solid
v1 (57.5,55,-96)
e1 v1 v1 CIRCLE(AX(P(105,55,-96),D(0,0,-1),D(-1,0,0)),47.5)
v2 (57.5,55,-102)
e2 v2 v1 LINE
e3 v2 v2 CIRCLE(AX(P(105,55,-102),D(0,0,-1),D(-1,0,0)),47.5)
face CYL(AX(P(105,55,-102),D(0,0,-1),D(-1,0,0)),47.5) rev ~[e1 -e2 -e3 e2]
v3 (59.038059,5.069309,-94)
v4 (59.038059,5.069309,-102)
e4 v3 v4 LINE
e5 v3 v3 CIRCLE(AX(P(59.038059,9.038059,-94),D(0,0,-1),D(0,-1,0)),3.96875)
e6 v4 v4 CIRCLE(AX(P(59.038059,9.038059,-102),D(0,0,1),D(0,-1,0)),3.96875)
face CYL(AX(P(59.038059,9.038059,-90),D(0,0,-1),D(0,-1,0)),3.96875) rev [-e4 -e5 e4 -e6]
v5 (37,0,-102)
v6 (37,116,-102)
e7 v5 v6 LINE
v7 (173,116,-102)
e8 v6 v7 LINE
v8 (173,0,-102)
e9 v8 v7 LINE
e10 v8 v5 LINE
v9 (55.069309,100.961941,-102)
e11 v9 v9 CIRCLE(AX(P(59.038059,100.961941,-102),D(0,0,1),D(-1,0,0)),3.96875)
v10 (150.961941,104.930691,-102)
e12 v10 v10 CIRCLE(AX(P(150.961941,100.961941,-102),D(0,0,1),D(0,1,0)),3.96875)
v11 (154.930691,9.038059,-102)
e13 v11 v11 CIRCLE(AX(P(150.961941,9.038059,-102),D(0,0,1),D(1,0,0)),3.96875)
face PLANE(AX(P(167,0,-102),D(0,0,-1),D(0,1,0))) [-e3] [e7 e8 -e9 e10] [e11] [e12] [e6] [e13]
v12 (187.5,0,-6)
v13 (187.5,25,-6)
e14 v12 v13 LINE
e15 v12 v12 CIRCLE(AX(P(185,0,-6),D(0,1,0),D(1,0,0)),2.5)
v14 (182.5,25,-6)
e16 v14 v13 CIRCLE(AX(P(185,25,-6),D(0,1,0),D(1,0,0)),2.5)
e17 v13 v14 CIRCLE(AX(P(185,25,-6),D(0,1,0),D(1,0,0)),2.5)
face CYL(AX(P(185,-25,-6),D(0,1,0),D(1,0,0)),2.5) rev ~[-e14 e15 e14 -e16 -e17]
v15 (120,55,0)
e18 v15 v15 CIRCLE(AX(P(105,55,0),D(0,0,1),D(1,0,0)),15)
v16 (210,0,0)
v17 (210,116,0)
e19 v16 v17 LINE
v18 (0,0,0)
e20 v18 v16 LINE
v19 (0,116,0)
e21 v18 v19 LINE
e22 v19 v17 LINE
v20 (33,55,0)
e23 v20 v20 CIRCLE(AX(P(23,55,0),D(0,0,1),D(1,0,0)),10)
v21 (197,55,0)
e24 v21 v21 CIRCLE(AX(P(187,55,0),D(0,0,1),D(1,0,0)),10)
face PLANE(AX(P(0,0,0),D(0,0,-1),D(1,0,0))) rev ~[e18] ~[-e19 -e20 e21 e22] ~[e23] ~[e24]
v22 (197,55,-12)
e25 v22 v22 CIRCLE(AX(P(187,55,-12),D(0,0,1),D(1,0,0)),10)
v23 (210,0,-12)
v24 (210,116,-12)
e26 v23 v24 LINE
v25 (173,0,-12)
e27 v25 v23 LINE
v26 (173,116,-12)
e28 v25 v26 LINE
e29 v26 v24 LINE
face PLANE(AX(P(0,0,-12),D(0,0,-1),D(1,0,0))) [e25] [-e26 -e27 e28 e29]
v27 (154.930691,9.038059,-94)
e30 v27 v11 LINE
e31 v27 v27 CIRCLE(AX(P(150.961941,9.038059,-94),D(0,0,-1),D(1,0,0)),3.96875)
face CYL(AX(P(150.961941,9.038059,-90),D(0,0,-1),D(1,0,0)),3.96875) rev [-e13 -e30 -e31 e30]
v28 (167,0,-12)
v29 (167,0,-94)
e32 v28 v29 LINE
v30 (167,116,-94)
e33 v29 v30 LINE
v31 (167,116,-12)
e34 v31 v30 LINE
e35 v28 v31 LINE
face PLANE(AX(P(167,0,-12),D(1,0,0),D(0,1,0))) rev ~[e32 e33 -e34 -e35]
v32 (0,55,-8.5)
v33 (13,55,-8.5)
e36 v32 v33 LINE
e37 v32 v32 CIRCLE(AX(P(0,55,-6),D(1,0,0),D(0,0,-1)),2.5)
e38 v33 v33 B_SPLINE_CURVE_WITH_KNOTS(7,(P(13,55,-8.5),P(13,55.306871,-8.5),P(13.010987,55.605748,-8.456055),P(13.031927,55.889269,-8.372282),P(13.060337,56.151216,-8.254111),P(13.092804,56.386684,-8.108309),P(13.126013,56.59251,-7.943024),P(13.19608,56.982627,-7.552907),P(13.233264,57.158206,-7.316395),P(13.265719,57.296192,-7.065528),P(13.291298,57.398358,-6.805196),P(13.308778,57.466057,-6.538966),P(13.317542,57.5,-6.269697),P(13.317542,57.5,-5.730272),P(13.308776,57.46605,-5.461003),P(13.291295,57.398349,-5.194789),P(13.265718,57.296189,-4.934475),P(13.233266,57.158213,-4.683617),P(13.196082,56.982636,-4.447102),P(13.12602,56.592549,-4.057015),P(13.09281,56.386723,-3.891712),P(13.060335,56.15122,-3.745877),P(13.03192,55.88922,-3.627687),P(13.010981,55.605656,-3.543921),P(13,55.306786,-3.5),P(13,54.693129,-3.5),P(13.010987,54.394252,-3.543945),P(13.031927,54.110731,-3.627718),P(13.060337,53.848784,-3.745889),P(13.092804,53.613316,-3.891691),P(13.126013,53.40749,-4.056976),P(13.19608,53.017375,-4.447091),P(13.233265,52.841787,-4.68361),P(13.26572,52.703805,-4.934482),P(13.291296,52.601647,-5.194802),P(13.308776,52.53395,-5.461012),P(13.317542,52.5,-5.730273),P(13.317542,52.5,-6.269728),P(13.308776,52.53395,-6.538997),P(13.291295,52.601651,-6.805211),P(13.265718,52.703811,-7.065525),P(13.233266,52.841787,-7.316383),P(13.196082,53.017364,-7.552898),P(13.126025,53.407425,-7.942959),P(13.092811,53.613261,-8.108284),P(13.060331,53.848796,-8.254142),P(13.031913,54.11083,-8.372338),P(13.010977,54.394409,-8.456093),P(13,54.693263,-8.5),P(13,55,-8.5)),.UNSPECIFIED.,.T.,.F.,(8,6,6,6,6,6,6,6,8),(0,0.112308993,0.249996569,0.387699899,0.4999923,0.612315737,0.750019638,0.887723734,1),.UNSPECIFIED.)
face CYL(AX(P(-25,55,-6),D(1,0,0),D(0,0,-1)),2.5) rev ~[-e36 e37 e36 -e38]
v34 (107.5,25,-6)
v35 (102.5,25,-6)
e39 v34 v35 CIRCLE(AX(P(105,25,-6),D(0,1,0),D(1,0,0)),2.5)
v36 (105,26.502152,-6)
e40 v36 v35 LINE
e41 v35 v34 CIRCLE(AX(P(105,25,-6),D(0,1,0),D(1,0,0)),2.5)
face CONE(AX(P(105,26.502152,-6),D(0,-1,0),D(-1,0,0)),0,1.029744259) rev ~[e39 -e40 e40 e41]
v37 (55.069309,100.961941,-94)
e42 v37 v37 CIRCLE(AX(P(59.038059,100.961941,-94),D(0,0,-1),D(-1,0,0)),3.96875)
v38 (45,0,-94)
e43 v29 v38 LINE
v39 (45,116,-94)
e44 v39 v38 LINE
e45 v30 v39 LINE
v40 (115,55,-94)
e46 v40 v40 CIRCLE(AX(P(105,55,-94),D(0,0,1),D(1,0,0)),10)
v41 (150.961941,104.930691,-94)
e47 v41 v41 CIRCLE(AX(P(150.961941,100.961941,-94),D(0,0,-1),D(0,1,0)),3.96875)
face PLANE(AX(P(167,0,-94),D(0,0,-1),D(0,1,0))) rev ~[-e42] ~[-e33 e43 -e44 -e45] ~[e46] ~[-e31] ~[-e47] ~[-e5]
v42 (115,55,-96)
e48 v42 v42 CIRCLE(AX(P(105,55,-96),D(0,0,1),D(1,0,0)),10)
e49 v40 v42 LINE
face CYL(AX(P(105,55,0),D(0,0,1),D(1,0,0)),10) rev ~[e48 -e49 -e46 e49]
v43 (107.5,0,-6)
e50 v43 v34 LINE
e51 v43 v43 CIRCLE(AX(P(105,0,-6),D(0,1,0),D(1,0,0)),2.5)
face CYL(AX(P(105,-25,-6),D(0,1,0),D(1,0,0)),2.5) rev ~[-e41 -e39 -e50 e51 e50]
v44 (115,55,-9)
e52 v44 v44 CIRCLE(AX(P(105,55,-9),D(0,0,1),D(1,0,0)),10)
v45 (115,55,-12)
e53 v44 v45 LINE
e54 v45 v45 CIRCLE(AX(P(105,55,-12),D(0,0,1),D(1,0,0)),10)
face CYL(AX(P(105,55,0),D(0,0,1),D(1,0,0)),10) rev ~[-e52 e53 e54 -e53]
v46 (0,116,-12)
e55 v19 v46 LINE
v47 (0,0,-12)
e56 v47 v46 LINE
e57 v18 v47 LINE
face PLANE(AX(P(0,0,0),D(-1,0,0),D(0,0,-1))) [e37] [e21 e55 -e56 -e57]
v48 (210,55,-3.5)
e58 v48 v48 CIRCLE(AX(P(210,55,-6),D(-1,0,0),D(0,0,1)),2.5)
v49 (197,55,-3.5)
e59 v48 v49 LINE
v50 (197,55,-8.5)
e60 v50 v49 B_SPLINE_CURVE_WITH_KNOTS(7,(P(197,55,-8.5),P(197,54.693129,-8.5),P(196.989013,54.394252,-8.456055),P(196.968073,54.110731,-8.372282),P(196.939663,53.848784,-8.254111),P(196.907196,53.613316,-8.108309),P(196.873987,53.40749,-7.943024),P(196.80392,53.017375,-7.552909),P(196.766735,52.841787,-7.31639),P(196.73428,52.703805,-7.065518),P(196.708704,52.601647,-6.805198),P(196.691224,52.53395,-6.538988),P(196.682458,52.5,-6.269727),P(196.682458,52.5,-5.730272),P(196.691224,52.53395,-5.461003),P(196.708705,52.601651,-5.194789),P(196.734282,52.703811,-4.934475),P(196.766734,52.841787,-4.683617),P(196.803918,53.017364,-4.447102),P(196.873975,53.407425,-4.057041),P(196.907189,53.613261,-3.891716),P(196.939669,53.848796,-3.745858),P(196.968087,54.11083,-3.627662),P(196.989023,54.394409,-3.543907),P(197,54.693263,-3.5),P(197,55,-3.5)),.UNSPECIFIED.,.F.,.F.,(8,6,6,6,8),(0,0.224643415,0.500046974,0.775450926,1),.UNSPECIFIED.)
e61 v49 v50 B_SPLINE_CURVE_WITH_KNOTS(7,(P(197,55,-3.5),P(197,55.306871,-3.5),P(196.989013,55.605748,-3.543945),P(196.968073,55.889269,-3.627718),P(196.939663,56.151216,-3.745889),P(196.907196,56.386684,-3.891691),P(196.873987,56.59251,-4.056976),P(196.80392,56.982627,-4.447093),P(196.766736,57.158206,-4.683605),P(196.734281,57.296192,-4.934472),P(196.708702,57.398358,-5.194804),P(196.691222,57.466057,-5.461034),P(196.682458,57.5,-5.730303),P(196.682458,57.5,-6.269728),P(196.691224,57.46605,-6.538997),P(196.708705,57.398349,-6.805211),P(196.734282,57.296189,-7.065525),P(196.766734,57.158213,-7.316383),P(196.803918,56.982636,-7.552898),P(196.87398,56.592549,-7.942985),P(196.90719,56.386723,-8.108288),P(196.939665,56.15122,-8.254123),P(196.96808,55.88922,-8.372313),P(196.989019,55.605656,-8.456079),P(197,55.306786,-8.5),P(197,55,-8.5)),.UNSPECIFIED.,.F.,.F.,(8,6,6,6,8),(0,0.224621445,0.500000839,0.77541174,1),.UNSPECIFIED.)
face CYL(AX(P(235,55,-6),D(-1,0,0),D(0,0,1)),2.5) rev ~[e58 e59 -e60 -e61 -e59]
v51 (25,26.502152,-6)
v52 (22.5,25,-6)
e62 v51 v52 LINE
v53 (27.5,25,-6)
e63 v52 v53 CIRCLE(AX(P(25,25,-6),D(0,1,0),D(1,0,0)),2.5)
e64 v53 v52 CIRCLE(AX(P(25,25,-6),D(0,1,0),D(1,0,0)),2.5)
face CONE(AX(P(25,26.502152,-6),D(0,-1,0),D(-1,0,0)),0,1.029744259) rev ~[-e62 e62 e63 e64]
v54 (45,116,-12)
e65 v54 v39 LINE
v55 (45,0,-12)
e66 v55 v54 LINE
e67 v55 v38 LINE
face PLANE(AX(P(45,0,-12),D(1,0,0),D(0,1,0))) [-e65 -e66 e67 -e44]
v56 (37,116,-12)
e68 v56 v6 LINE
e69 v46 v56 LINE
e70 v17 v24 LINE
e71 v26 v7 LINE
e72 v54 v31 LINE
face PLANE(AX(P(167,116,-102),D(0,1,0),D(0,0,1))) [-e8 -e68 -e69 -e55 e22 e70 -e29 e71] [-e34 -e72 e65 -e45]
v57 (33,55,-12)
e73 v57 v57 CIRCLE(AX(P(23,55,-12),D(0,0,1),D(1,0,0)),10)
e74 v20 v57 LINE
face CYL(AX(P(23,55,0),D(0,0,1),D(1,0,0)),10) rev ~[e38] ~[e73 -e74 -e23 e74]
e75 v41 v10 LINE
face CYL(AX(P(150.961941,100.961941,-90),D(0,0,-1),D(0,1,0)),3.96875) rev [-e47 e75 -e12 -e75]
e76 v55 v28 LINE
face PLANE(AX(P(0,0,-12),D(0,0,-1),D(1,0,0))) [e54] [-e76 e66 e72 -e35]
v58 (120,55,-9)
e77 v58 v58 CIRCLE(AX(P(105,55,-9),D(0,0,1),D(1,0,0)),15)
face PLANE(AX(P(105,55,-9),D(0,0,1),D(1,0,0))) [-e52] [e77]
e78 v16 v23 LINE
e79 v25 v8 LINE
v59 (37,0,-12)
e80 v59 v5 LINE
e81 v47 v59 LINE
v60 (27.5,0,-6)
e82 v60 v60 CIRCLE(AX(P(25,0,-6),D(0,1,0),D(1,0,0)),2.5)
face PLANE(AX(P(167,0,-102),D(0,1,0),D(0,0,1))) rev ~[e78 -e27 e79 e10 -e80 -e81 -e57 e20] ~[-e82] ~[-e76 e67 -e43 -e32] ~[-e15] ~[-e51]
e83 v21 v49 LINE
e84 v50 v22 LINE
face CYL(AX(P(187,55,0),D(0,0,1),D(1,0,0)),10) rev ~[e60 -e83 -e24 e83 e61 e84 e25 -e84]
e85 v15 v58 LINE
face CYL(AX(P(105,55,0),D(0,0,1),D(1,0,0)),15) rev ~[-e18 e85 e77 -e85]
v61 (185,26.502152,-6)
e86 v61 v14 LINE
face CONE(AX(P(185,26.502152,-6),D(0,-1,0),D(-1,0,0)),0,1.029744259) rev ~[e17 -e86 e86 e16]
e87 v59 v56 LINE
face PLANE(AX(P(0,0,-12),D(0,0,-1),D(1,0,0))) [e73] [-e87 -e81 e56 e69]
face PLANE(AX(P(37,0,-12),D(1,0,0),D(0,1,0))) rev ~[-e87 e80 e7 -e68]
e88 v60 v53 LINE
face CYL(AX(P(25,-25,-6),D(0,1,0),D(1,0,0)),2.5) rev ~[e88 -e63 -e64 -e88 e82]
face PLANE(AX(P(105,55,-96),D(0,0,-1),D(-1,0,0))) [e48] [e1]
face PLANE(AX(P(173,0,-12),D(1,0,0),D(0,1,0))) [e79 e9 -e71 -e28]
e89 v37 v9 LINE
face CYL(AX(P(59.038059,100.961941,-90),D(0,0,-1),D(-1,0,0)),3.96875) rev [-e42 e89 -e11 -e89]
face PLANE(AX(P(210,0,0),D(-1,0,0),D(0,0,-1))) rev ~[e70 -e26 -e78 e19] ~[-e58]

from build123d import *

# Parameters (mm, degrees)
SKETCH1_W                 = 210
SKETCH1_H                 = 12
BOSS_EXTRUDE1_DEPTH       = 116
SKETCH2_R                 = 10
CUT_EXTRUDE1_DEPTH        = 241.208242989
F_5_0MM_DOWEL_HOLE1_D     = 5
F_5_0MM_DOWEL_HOLE1_DEPTH = 25
F_5_0MM_DOWEL_HOLE1_TIP   = 1.502151548
F_5_0MM_DOWEL_HOLE2_D     = 5
F_5_0MM_DOWEL_HOLE2_DEPTH = 25
F_5_0MM_DOWEL_HOLE2_TIP   = 1.502151548
F_5_0MM_DOWEL_HOLE3_D     = 5
F_5_0MM_DOWEL_HOLE3_DEPTH = 25
F_5_0MM_DOWEL_HOLE3_TIP   = 1.502151548
SKETCH11_W                = 8
SKETCH11_H                = 116
SKETCH11_W_2              = 6
BOSS_EXTRUDE2_DEPTH       = 90
BOSS_EXTRUDE4_REACH       = 229.484
SKETCH12_W                = 8
SKETCH12_H                = 116
SKETCH7_R                 = 10
CUT_EXTRUDE3_DEPTH        = 261.691388508
SKETCH13_R                = 47.5
CUT_EXTRUDE4_DEPTH        = 6
CIRPATTERN1_COUNT         = 4
SKETCH16_R                = 15
CUT_EXTRUDE5_DEPTH        = 9


with BuildPart() as part:
    # Sketch1 → Boss-Extrude1 (new body)
    with BuildSketch(Plane(origin=(0, 0, 0), x_dir=(1, 0, 0), z_dir=(0, 1, 0))):
        with Locations((105, 6)):
            Rectangle(SKETCH1_W, SKETCH1_H)
    extrude(amount=BOSS_EXTRUDE1_DEPTH)

    # Sketch2 → Cut-Extrude1 (cut, through all)
    with BuildSketch(Plane.XY):
        with Locations((23, 55)):
            Circle(SKETCH2_R)
        with Locations((187, 55)):
            Circle(SKETCH2_R)
    extrude(amount=-CUT_EXTRUDE1_DEPTH, mode=Mode.SUBTRACT)

    # Ø5.0mm Dowel Hole1
    with Locations(Plane.ZY):
        with Locations((-6, 55)):
            Hole(F_5_0MM_DOWEL_HOLE1_D / 2, depth=F_5_0MM_DOWEL_HOLE1_DEPTH)
            with Locations((0, 0, -(F_5_0MM_DOWEL_HOLE1_DEPTH + F_5_0MM_DOWEL_HOLE1_TIP / 2))):  # 118° drill point
                Cone(0, F_5_0MM_DOWEL_HOLE1_D / 2, F_5_0MM_DOWEL_HOLE1_TIP, mode=Mode.SUBTRACT)

    # Ø5.0mm Dowel Hole2
    with Locations(Plane(origin=(210, 0, 0), x_dir=(0, 0, -1), z_dir=(1, 0, 0))):
        with Locations((6, 55)):
            Hole(F_5_0MM_DOWEL_HOLE2_D / 2, depth=F_5_0MM_DOWEL_HOLE2_DEPTH)
            with Locations((0, 0, -(F_5_0MM_DOWEL_HOLE2_DEPTH + F_5_0MM_DOWEL_HOLE2_TIP / 2))):  # 118° drill point
                Cone(0, F_5_0MM_DOWEL_HOLE2_D / 2, F_5_0MM_DOWEL_HOLE2_TIP, mode=Mode.SUBTRACT)

    # Ø5.0mm Dowel Hole3
    with Locations(Plane(origin=(0, 0, 0), x_dir=(-1, 0, 0), z_dir=(0, -1, 0))):
        with Locations((-25, 6), (-105, 6), (-185, 6)):
            Hole(F_5_0MM_DOWEL_HOLE3_D / 2, depth=F_5_0MM_DOWEL_HOLE3_DEPTH)
            with Locations((0, 0, -(F_5_0MM_DOWEL_HOLE3_DEPTH + F_5_0MM_DOWEL_HOLE3_TIP / 2))):  # 118° drill point
                Cone(0, F_5_0MM_DOWEL_HOLE3_D / 2, F_5_0MM_DOWEL_HOLE3_TIP, mode=Mode.SUBTRACT)

    # Sketch11 → Boss-Extrude2 (add)
    with BuildSketch(Plane(origin=(0, 0, -12), x_dir=(-1, 0, 0), z_dir=(0, 0, -1))):
        with Locations((-41, 58)):
            Rectangle(SKETCH11_W, SKETCH11_H)
        with Locations((-170, 58)):
            Rectangle(SKETCH11_W_2, SKETCH11_H)
    extrude(amount=BOSS_EXTRUDE2_DEPTH)

    # Sketch12 → Boss-Extrude4 (add, up to next)
    with BuildSketch(Plane.ZY.offset(-167), mode=Mode.PRIVATE) as boss_extrude4_sk1:
        with Locations((-98, 58)):
            Rectangle(SKETCH12_W, SKETCH12_H)
    boss_extrude4_tool1 = extrude(boss_extrude4_sk1.sketch, amount=BOSS_EXTRUDE4_REACH, mode=Mode.PRIVATE) - part.part
    add(boss_extrude4_tool1.solids().sort_by_distance((167, 58, -98))[0])

    # Sketch7 → Cut-Extrude3 (cut, through all)
    with BuildSketch(Plane.XY):
        with Locations((105, 55)):
            Circle(SKETCH7_R)
    extrude(amount=-CUT_EXTRUDE3_DEPTH, mode=Mode.SUBTRACT)

    # Sketch13 → Cut-Extrude4 (cut)
    with BuildSketch(Plane(origin=(0, 0, -102), x_dir=(-1, 0, 0), z_dir=(0, 0, -1))):
        with Locations((-105, 55)):
            Circle(SKETCH13_R)
    extrude(amount=-CUT_EXTRUDE4_DEPTH, mode=Mode.SUBTRACT)

    # Sketch14 → 5/16 (0.3125) Diameter Hole1 (revolve, cut)
    with BuildSketch(Plane(origin=(150.961940777, 100.961940777, -102), x_dir=(0, 1, 0), z_dir=(1, 0, 0))):
        Polygon((0, 0), (0, 14.384665582), (3.96875, 12), (3.96875, 0), align=None)
    f_5_16_0_3125_diameter_hole1 = revolve(axis=Axis((150.961940777, 100.961940777, -108.35), (0, 0, 1)), mode=Mode.SUBTRACT)

    # CirPattern1: 5/16 (0.3125) Diameter Hole1 ×4 about axis
    cirpattern1_axis = Axis((105, 55, -96), (0, 0, 1))
    for i in range(1, CIRPATTERN1_COUNT):
        add(f_5_16_0_3125_diameter_hole1.rotate(cirpattern1_axis, i * 360 / CIRPATTERN1_COUNT), mode=Mode.SUBTRACT)

    # Sketch16 → Cut-Extrude5 (cut)
    with BuildSketch(Plane.XY):
        with Locations((105, 55)):
            Circle(SKETCH16_R)
    extrude(amount=-CUT_EXTRUDE5_DEPTH, mode=Mode.SUBTRACT)


solid = part.part
